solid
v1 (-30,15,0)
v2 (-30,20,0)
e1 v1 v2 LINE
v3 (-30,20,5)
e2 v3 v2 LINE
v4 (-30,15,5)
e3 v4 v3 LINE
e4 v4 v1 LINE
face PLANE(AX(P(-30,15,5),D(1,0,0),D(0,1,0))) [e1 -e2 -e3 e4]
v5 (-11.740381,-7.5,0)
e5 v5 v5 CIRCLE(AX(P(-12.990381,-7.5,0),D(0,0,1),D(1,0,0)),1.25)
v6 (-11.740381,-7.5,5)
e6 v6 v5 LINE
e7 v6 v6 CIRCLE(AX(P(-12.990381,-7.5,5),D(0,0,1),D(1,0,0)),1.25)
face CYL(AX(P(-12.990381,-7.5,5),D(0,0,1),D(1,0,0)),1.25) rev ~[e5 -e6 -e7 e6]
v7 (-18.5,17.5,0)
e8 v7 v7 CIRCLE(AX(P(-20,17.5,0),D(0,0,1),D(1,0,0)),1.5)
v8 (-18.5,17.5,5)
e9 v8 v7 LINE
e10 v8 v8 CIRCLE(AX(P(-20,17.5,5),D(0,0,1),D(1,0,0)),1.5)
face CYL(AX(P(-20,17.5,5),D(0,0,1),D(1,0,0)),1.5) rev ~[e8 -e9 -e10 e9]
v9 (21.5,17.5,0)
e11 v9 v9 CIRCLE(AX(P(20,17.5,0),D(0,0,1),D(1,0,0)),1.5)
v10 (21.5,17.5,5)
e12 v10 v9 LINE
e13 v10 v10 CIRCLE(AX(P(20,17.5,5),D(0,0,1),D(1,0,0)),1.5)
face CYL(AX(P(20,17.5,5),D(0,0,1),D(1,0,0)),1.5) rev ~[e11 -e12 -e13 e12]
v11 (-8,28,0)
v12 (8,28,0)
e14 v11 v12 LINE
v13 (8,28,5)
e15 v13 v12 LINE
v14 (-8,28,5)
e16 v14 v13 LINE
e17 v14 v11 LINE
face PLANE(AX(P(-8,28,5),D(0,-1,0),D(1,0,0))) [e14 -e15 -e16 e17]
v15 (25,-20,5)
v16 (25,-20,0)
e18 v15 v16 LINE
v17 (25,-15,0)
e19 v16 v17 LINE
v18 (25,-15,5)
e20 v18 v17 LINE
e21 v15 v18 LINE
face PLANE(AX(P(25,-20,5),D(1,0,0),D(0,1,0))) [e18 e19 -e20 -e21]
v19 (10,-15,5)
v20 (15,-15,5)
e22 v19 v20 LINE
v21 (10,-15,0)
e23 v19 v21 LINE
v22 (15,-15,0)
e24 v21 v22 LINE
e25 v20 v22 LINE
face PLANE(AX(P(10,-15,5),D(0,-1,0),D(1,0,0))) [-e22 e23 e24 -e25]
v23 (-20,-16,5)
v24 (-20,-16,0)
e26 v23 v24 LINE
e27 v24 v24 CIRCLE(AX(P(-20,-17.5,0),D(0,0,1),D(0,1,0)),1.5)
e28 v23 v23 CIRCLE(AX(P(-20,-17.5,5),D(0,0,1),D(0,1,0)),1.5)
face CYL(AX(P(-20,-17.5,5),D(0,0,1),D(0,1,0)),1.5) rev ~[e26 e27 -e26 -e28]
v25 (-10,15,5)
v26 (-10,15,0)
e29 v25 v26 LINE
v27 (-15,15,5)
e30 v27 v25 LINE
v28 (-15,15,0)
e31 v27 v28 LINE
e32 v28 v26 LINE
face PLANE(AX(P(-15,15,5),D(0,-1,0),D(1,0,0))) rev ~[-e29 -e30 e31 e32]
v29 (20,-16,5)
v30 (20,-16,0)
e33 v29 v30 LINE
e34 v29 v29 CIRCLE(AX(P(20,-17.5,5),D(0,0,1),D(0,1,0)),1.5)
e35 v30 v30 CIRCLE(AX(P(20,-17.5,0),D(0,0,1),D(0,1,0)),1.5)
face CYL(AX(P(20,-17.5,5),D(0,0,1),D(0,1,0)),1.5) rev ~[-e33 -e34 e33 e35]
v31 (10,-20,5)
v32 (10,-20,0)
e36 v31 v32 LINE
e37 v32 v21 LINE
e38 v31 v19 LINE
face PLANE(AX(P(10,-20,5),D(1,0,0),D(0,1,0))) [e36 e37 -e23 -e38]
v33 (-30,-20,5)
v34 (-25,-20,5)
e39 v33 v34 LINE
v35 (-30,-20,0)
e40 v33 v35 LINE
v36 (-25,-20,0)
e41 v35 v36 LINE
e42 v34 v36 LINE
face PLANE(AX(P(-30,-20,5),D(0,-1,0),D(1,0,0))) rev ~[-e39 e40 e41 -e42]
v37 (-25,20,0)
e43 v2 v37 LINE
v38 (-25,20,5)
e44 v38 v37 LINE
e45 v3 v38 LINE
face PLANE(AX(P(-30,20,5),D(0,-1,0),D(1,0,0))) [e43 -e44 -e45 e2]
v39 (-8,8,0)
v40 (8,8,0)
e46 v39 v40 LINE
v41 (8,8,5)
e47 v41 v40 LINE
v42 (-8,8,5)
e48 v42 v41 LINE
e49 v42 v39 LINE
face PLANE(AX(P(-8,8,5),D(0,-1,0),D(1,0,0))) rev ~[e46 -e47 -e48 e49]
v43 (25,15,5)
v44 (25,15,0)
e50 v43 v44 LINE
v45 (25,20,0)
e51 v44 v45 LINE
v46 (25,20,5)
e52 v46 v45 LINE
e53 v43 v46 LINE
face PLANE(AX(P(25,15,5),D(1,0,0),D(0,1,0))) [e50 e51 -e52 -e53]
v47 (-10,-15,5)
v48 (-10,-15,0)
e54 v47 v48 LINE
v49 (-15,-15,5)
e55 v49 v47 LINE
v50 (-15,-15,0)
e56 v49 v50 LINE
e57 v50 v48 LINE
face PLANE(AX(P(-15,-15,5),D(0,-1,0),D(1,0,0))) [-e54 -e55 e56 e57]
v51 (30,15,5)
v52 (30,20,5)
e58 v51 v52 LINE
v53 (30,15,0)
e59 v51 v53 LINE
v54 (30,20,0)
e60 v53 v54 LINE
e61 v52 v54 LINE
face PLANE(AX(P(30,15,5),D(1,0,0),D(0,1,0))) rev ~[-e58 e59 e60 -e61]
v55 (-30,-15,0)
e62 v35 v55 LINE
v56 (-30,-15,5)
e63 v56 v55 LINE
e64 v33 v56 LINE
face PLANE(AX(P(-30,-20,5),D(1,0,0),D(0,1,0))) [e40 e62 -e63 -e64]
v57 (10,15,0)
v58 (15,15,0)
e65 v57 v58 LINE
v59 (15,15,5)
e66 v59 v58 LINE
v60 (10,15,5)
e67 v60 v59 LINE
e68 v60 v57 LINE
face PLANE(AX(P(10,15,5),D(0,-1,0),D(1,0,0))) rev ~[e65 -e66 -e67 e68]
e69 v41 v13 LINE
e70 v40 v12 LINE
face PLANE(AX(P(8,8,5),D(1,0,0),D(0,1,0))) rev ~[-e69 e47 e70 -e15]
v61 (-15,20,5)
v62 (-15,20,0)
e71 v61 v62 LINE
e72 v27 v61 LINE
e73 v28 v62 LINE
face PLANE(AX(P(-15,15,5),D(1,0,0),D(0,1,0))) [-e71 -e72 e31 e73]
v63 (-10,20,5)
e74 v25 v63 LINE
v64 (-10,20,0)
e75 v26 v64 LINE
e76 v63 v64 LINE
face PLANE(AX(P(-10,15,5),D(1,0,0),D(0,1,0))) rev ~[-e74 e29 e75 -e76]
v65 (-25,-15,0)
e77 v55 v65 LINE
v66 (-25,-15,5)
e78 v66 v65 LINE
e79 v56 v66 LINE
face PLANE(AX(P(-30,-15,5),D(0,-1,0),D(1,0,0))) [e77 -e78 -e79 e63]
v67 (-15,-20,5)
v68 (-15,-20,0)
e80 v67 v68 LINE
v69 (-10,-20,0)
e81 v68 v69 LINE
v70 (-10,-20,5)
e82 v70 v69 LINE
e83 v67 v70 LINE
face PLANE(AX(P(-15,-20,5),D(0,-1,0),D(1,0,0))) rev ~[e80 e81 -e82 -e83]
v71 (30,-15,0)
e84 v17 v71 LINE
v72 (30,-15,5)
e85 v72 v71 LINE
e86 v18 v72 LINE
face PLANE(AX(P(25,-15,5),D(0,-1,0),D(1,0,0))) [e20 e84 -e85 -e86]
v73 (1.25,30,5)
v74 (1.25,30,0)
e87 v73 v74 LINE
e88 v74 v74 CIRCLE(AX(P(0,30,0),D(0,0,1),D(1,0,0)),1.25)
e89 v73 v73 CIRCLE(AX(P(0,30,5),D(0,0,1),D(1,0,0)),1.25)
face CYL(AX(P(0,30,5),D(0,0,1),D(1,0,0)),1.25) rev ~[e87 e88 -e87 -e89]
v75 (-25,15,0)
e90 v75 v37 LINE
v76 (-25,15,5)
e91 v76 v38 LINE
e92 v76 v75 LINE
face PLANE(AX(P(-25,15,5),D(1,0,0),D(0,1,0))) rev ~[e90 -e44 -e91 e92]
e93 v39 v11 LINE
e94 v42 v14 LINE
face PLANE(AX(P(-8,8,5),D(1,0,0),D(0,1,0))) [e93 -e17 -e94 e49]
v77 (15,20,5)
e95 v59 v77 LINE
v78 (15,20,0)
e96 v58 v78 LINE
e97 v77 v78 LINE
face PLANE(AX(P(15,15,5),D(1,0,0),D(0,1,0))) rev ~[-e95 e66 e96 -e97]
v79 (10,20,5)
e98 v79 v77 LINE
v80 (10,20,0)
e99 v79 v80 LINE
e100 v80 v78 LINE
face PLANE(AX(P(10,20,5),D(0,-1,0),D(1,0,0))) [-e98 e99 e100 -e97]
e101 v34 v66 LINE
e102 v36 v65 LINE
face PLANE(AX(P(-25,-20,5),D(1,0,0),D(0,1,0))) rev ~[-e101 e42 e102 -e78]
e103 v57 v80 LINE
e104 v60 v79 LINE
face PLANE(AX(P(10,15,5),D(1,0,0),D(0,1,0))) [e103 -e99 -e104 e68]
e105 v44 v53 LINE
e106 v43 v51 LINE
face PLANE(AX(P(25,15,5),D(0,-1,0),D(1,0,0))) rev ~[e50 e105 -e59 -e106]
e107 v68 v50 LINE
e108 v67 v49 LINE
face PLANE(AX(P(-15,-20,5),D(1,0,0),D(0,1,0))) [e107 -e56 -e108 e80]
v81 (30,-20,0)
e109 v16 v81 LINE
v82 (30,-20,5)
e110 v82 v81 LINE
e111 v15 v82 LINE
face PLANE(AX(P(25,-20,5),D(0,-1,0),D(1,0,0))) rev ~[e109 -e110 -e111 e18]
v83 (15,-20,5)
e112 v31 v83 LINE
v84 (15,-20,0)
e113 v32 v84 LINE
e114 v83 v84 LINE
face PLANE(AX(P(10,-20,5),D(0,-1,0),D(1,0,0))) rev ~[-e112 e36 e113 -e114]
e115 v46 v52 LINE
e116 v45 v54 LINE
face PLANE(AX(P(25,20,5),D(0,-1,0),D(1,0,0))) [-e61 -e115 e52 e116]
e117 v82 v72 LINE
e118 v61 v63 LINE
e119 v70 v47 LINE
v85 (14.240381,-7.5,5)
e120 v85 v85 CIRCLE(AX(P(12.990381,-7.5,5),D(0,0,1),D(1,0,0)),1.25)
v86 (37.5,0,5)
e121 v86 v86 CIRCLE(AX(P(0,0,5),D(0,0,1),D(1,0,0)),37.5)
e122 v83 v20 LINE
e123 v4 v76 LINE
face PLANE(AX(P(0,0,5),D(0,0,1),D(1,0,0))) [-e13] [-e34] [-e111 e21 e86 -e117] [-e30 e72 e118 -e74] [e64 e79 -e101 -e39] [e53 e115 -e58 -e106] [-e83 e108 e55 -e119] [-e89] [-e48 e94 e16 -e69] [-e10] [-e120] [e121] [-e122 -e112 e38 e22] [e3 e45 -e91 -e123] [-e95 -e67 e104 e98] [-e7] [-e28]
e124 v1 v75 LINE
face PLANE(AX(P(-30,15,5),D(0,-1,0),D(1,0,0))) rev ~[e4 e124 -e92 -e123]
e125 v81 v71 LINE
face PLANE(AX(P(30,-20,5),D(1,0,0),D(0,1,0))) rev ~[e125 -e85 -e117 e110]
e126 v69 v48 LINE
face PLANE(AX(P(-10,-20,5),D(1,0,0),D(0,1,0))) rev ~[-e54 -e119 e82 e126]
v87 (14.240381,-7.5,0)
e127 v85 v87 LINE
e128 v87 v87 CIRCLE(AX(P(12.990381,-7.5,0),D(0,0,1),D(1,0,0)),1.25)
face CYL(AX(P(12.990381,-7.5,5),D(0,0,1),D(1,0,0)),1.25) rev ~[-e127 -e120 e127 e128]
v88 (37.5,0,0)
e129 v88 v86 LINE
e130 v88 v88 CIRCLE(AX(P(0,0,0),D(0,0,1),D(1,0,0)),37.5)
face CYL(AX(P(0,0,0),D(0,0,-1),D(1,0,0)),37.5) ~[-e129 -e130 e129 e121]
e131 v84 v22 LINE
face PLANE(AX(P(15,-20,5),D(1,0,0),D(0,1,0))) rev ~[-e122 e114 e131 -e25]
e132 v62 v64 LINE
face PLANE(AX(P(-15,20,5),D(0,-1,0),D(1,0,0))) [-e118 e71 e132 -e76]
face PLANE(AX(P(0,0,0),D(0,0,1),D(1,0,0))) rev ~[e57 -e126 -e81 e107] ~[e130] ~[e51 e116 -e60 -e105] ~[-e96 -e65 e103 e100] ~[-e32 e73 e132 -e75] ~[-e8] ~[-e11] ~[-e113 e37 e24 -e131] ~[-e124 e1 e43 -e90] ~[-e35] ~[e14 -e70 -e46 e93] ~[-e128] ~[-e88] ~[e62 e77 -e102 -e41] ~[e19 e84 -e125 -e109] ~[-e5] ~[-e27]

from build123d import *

# Parameters (mm, degrees)
SKETCH1_R           = 37.5
BOSS_EXTRUDE1_DEPTH = 5
SKETCH9_R           = 1.25
SKETCH9_R_2         = 1.5
SKETCH9_W           = 16
SKETCH9_H           = 20
SKETCH9_W_2         = 5
SKETCH9_H_2         = 5
CUT_EXTRUDE5_DEPTH  = 54.268189382


with BuildPart() as part:
    # Sketch1 → Boss-Extrude1 (new body)
    with BuildSketch(Plane.XY):
        Circle(SKETCH1_R)
    extrude(amount=BOSS_EXTRUDE1_DEPTH)

    # Sketch9 → Cut-Extrude5 (cut, through all)
    with BuildSketch(Plane.XY.offset(5)):
        with Locations((0, 30)):
            Circle(SKETCH9_R)
        with Locations((12.990381057, -7.5)):
            Circle(SKETCH9_R)
        with Locations((-12.990381057, -7.5)):
            Circle(SKETCH9_R)
        with Locations((20, 17.5)):
            Circle(SKETCH9_R_2)
        with Locations((-20, 17.5)):
            Circle(SKETCH9_R_2)
        with Locations(Location((20, -17.5, 0), (0, 0, 90))):
            Circle(SKETCH9_R_2)
        with Locations(Location((-20, -17.5, 0), (0, 0, 90))):
            Circle(SKETCH9_R_2)
        with Locations((0, 18)):
            Rectangle(SKETCH9_W, SKETCH9_H)
        with Locations((12.5, 17.5)):
            Rectangle(SKETCH9_W_2, SKETCH9_H_2)
        with Locations((27.5, 17.5)):
            Rectangle(SKETCH9_W_2, SKETCH9_H_2)
        with Locations((-27.5, 17.5)):
            Rectangle(SKETCH9_W_2, SKETCH9_H_2)
        with Locations((-12.5, 17.5)):
            Rectangle(SKETCH9_W_2, SKETCH9_H_2)
        with Locations((12.5, -17.5)):
            Rectangle(SKETCH9_W_2, SKETCH9_H_2)
        with Locations((27.5, -17.5)):
            Rectangle(SKETCH9_W_2, SKETCH9_H_2)
        with Locations((-27.5, -17.5)):
            Rectangle(SKETCH9_W_2, SKETCH9_H_2)
        with Locations((-12.5, -17.5)):
            Rectangle(SKETCH9_W_2, SKETCH9_H_2)
    extrude(amount=-CUT_EXTRUDE5_DEPTH, mode=Mode.SUBTRACT)


solid = part.part
